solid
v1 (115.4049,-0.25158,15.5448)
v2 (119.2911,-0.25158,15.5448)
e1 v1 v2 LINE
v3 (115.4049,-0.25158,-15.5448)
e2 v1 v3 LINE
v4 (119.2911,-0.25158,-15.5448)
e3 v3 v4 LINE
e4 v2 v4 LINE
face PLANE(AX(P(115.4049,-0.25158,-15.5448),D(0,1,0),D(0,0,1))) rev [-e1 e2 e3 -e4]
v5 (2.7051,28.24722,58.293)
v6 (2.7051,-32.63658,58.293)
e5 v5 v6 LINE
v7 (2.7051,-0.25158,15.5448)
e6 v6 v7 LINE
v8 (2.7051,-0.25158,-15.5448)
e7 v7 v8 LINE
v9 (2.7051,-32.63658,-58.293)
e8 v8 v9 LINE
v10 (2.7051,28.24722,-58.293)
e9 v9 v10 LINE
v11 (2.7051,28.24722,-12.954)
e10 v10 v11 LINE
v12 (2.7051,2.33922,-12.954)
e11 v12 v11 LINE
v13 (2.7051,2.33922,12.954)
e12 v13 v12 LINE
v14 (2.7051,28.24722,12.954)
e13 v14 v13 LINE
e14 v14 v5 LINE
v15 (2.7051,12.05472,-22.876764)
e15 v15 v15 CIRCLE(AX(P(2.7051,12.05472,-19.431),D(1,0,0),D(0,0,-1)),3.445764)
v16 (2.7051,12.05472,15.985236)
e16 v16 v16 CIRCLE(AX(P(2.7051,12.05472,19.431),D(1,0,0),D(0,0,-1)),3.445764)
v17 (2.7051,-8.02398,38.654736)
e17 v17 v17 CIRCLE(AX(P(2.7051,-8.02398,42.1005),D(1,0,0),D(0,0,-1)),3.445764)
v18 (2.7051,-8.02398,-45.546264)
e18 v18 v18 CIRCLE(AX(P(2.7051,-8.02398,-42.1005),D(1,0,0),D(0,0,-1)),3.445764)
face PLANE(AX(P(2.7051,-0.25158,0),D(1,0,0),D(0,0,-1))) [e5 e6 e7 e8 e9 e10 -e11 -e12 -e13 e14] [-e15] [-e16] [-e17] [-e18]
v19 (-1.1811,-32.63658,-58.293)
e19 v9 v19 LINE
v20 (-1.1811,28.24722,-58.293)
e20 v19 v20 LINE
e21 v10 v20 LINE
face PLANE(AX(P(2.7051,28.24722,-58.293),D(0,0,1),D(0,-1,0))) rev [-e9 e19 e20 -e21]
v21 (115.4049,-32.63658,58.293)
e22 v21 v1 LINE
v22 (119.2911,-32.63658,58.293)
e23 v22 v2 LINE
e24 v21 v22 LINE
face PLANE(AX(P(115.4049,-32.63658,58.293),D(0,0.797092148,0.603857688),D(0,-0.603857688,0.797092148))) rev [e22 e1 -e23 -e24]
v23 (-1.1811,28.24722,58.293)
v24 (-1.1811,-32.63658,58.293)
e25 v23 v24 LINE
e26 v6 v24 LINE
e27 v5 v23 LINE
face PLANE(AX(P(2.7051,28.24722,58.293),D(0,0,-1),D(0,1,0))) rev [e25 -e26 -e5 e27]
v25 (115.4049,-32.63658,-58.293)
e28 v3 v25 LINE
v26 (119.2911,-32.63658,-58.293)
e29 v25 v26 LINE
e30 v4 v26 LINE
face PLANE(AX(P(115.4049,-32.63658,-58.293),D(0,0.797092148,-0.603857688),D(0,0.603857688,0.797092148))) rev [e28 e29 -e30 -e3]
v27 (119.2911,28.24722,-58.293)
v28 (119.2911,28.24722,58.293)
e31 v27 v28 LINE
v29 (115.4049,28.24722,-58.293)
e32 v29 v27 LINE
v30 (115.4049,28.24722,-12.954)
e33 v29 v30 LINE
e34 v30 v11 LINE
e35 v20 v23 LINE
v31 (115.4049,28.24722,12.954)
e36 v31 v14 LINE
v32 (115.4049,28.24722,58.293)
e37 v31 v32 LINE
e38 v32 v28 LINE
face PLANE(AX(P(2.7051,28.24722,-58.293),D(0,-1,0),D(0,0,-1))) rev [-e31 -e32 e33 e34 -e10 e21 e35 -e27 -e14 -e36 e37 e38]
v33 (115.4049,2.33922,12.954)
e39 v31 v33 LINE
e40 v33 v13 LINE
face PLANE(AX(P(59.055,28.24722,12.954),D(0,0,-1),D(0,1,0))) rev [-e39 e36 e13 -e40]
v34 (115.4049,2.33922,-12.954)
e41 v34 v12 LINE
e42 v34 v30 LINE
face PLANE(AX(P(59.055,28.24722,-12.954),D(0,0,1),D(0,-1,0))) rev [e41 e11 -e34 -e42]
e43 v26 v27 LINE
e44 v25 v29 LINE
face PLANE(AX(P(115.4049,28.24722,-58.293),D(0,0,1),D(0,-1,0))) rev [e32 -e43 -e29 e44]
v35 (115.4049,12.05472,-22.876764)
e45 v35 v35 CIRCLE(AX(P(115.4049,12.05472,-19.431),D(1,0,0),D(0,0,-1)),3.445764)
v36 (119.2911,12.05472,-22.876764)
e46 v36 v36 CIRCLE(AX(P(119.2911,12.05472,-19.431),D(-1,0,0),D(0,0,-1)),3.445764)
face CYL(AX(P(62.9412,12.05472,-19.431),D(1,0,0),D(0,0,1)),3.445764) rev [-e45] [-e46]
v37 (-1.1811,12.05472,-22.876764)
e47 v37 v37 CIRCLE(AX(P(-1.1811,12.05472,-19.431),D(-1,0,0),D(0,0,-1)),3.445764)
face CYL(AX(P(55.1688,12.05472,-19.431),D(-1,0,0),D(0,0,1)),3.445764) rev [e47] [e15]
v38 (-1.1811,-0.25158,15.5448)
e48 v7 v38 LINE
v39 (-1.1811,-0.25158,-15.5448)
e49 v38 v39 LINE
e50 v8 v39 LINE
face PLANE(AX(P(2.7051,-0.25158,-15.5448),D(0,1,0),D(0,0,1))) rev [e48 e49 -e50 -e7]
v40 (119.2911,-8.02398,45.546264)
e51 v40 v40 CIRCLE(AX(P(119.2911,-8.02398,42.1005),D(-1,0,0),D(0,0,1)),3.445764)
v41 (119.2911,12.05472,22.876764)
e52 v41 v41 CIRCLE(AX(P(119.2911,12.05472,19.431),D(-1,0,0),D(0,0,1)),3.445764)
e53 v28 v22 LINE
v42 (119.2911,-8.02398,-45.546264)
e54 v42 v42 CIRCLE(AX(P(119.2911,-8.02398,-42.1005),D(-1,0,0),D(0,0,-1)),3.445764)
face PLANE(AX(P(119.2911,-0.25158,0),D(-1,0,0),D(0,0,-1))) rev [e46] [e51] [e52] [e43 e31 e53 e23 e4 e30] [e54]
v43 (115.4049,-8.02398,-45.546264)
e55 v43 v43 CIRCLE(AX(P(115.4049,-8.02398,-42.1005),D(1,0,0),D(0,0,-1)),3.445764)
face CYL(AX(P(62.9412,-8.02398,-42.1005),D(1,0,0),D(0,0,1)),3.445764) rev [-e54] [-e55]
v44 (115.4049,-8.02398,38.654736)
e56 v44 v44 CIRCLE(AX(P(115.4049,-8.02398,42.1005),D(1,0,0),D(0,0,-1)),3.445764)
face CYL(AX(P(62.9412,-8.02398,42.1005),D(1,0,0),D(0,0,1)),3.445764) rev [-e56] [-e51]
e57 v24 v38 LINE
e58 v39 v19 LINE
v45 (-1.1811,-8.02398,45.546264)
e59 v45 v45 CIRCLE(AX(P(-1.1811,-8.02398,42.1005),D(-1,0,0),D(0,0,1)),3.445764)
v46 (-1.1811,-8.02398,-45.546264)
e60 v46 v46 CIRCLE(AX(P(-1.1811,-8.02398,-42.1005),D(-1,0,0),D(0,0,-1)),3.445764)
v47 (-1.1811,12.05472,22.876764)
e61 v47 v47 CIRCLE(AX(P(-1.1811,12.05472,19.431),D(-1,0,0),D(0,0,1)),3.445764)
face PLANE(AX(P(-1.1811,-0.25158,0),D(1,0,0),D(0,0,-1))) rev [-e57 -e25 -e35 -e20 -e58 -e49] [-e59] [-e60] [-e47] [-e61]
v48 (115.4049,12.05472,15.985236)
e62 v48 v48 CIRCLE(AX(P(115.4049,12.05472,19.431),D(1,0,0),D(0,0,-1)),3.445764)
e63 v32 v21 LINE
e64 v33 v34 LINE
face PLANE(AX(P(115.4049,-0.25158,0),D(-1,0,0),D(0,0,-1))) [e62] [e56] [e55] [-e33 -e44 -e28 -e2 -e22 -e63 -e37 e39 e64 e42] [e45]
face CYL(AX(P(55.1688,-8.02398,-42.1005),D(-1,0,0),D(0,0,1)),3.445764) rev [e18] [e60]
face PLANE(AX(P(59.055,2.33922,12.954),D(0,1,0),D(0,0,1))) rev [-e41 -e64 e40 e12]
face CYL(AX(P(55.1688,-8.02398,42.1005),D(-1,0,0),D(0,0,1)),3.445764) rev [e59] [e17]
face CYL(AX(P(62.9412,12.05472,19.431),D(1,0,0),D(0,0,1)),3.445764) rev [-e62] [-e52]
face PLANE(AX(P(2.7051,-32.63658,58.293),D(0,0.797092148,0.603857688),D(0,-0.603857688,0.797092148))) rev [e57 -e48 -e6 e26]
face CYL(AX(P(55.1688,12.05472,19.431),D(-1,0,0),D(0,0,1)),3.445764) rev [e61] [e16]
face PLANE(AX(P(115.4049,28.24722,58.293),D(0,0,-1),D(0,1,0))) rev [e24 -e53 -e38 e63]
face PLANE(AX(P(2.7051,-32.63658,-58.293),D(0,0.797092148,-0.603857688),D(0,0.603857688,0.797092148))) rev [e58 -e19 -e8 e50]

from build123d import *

# Parameters (mm, degrees)
BOSS_EXTRUDE1_DEPTH = 3.81
SKETCH3_W           = 25.4
SKETCH3_H           = 25.4
BOSS_EXTRUDE2_DEPTH = 55.245
SKETCH4_R           = 3.3782
CUT_EXTRUDE1_DEPTH  = 55.245
SCALE1_SCALE        = 1.02


with BuildPart() as part:
    # Sketch2 → Boss-Extrude1 (new body)
    with BuildSketch(Plane(origin=(0, 0, 0), x_dir=(0, 0, -1), z_dir=(1, 0, 0))):
        Polygon((15.24, 0), (-15.24, 0), (-57.15, -31.75), (-57.15, 27.94), (57.15, 27.94), (57.15, -31.75), align=None)
    boss_extrude1 = extrude(amount=BOSS_EXTRUDE1_DEPTH)

    # Sketch3 → Boss-Extrude2 (add)
    with BuildSketch(Plane(origin=(3.81, 0, 0), x_dir=(0, 0, -1), z_dir=(1, 0, 0))):
        with Locations((0, 15.24)):
            Rectangle(SKETCH3_W, SKETCH3_H)
    boss_extrude2 = extrude(amount=BOSS_EXTRUDE2_DEPTH)

    # Sketch4 → Cut-Extrude1 (cut)
    with BuildSketch(Plane.ZY):
        with Locations((19.05, 12.065)):
            Circle(SKETCH4_R)
        with Locations((41.275, -7.62)):
            Circle(SKETCH4_R)
        with Locations((-41.275, -7.62)):
            Circle(SKETCH4_R)
        with Locations((-19.05, 12.065)):
            Circle(SKETCH4_R)
    cut_extrude1 = extrude(amount=-CUT_EXTRUDE1_DEPTH, mode=Mode.SUBTRACT)

    # Mirror1: Boss-Extrude1, Boss-Extrude2, Cut-Extrude1 across plane
    add(boss_extrude1.mirror(Plane(origin=(59.055, 0, 0), x_dir=(0, 0, 1), z_dir=(1, 0, 0))))
    add(boss_extrude2.mirror(Plane(origin=(59.055, 0, 0), x_dir=(0, 0, 1), z_dir=(1, 0, 0))))
    add(cut_extrude1.mirror(Plane(origin=(59.055, 0, 0), x_dir=(0, 0, 1), z_dir=(1, 0, 0))), mode=Mode.SUBTRACT)


with BuildPart() as part_1:
    # Scale1: scaled about (59.055, 12.578988161, 0)
    add(part.part.scale(SCALE1_SCALE).moved(Location((-1.1811, -0.251579763, 0))))


solid = part_1.part
